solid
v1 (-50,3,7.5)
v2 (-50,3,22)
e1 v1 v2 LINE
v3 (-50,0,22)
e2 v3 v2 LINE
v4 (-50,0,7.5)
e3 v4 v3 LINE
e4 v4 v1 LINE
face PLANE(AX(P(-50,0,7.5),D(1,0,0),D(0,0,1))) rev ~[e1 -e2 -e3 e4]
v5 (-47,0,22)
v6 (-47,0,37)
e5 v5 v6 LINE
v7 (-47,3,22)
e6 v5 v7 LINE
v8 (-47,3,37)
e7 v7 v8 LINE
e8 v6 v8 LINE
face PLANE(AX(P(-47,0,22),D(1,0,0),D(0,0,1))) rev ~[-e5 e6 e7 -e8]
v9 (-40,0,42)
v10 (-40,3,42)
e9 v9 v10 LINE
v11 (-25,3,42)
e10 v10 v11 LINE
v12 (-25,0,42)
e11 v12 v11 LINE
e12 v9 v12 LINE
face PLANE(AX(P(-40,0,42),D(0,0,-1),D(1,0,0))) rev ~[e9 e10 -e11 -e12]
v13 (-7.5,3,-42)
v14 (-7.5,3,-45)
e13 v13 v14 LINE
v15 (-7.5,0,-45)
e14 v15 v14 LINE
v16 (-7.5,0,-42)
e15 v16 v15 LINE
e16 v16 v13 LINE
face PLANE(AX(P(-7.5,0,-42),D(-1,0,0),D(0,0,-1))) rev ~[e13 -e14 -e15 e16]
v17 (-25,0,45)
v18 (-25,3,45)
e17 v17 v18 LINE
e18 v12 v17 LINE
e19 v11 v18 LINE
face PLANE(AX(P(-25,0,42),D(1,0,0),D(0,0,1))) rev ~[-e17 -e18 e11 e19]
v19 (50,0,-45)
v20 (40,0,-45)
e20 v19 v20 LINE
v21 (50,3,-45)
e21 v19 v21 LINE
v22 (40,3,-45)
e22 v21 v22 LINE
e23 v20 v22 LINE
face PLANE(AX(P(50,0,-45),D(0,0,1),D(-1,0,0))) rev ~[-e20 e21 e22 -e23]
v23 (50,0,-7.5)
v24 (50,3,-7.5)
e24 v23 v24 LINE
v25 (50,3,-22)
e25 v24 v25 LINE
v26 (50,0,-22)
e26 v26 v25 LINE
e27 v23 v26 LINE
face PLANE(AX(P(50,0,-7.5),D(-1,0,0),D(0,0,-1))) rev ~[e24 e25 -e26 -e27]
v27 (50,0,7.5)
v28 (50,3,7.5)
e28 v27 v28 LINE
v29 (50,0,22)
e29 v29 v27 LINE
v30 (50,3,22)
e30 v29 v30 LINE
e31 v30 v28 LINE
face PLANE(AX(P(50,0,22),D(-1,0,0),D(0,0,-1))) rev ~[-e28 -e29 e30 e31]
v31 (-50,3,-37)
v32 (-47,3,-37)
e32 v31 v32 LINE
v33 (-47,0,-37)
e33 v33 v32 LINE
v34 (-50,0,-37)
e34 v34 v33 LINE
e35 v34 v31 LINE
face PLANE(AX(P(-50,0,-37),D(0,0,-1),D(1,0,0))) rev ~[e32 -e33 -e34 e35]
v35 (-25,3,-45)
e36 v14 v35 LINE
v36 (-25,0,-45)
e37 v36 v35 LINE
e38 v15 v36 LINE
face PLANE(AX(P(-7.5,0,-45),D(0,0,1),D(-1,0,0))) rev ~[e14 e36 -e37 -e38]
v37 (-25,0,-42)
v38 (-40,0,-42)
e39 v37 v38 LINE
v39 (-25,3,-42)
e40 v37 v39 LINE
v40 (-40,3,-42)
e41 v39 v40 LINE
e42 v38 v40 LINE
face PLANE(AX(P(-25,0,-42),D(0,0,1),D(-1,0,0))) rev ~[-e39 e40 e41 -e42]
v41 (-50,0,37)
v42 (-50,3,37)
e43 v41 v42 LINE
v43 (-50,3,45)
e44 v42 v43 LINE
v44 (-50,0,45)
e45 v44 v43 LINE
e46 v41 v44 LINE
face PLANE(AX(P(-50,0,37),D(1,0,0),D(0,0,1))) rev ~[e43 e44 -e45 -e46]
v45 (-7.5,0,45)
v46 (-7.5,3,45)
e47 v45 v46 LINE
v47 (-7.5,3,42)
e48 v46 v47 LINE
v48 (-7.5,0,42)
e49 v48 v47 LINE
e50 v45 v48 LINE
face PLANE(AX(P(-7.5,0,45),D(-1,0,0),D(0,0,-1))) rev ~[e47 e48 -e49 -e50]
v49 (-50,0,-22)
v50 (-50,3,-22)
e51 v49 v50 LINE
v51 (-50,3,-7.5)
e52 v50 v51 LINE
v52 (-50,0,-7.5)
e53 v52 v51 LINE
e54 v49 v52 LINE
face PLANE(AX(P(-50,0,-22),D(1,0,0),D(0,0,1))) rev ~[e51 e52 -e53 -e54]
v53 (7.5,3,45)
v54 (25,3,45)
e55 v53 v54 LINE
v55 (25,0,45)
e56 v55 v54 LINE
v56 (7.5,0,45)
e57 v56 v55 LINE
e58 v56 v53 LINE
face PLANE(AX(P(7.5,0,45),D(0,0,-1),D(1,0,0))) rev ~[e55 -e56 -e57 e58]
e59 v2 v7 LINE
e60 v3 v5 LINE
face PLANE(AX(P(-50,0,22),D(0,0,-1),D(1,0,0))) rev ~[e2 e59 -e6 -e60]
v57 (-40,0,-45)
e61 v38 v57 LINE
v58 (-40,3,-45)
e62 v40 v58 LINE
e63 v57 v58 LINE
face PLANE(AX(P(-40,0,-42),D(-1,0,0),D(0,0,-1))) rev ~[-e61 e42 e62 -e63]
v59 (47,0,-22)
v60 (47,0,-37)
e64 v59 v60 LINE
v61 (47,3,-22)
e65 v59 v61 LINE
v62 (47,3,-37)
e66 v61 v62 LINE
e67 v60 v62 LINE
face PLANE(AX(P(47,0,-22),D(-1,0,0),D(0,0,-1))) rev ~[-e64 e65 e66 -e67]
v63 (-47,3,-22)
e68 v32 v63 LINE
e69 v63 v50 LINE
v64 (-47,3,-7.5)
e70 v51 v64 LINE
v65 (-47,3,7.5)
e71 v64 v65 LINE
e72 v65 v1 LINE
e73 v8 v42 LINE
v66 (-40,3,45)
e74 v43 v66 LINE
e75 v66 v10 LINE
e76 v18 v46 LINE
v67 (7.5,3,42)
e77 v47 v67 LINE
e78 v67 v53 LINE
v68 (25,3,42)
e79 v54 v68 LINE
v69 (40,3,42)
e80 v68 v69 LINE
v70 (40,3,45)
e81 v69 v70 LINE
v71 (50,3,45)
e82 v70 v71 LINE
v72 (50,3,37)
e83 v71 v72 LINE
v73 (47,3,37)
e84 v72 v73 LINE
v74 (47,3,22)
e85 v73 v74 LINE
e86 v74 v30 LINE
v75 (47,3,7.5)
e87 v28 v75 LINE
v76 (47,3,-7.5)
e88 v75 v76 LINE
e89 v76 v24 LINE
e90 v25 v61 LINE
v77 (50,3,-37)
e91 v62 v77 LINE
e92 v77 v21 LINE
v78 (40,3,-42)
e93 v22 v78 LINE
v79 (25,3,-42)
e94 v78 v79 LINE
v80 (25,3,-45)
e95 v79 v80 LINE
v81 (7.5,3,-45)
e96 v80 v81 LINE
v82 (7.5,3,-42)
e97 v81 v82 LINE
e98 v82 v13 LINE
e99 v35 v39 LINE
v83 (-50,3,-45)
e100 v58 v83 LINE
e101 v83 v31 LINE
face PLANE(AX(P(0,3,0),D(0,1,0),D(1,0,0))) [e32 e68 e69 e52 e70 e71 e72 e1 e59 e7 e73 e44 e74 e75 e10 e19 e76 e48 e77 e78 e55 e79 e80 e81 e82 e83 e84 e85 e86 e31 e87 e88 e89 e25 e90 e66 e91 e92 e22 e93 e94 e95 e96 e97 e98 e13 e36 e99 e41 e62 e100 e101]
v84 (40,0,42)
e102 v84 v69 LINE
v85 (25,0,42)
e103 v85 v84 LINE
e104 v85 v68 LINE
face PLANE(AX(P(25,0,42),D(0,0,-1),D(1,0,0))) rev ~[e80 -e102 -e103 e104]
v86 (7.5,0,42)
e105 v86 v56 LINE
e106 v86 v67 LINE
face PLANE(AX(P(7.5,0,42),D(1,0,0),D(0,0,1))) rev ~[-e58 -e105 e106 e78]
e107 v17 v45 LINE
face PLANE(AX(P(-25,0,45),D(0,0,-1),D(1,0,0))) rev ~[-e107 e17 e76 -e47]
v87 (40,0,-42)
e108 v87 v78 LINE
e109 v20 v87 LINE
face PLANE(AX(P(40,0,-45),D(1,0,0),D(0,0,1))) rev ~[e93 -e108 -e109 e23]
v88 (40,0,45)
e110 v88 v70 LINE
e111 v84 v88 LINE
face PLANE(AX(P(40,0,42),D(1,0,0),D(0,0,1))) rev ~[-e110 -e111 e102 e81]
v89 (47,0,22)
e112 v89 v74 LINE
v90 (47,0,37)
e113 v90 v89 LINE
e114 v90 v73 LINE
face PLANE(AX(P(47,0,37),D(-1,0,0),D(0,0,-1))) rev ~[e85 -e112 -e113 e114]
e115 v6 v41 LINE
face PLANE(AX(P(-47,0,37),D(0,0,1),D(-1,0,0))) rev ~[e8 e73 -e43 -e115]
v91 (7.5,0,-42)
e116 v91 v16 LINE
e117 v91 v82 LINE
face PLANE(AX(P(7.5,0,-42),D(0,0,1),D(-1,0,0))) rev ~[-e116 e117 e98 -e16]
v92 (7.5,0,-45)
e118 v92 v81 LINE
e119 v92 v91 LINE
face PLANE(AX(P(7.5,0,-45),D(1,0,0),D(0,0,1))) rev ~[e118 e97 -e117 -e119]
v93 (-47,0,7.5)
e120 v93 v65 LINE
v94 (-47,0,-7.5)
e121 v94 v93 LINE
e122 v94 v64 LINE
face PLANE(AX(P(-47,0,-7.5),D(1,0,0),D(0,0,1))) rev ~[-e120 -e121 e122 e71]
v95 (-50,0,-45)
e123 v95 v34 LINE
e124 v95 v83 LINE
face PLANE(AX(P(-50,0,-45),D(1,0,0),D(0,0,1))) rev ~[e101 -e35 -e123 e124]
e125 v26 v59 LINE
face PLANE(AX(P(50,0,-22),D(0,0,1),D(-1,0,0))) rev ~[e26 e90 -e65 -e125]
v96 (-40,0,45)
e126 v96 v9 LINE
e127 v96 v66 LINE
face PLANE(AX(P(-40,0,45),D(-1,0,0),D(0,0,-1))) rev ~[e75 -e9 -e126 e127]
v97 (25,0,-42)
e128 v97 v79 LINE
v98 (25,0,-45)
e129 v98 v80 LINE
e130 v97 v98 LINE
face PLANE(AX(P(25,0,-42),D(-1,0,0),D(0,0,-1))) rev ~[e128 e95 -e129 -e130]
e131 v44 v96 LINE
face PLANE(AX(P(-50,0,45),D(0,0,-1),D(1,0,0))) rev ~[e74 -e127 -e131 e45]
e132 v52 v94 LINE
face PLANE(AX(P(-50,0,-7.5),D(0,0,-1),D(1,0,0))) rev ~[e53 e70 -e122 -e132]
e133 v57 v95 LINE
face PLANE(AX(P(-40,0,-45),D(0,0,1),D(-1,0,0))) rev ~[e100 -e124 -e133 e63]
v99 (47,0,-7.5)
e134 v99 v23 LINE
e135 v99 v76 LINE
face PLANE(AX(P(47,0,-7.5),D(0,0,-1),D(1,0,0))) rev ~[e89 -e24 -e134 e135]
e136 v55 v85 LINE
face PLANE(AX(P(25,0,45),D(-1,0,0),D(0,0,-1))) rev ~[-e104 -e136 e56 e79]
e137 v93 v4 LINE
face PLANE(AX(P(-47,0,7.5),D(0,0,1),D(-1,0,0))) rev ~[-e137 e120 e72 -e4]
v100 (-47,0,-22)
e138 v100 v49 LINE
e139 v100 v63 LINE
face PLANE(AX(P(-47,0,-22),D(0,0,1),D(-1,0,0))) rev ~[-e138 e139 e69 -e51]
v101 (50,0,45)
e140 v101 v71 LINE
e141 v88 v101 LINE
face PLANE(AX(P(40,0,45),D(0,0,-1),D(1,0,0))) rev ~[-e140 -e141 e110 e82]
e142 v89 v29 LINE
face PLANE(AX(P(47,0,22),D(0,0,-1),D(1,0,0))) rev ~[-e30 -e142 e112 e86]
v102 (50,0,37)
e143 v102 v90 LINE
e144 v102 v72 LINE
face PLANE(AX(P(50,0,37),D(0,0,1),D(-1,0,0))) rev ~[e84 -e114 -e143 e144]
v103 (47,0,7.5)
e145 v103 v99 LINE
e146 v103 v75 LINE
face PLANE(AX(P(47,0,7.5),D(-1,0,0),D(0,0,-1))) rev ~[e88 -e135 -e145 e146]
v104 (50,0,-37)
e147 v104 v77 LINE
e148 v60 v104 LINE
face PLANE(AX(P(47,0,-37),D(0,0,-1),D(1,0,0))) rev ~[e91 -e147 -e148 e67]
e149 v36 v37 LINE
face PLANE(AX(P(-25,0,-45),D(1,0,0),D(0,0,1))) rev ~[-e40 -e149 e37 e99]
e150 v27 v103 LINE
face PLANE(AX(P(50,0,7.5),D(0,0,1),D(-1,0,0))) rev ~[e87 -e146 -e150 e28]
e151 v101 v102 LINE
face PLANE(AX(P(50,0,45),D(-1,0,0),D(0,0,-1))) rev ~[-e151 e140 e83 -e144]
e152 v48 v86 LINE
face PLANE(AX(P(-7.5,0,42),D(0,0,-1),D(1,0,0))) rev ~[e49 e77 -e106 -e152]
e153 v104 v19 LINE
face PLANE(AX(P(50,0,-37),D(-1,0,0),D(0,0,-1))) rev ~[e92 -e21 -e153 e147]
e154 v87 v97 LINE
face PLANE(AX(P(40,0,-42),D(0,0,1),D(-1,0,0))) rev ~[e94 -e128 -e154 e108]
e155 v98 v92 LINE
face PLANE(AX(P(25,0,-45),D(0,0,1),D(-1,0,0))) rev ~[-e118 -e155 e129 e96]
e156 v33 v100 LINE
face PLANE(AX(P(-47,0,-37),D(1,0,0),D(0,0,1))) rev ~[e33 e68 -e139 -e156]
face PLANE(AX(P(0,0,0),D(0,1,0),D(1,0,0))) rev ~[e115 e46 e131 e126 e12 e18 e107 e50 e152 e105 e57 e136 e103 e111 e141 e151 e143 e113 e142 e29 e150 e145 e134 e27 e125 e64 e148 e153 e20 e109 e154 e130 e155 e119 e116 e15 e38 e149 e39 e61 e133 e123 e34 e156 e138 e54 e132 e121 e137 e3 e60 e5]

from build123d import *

# Parameters (mm, degrees)
EXTRUDE_1_DEPTH = 3


with BuildPart() as part:
    # 草图1 → 凸台-拉伸1 (new body)
    with BuildSketch(Plane(origin=(0, 0, 0), x_dir=(1, 0, 0), z_dir=(0, 1, 0))):
        Polygon((-50, -45), (-40, -45), (-40, -42), (-25, -42), (-25, -45), (-7.5, -45), (-7.5, -42), (7.5, -42), (7.5, -45), (25, -45), (25, -42), (40, -42), (40, -45), (50, -45), (50, -37), (47, -37), (47, -22), (50, -22), (50, -7.5), (47, -7.5), (47, 7.5), (50, 7.5), (50, 22), (47, 22), (47, 37), (50, 37), (50, 45), (40, 45), (40, 42), (25, 42), (25, 45), (7.5, 45), (7.5, 42), (-7.5, 42), (-7.5, 45), (-25, 45), (-25, 42), (-40, 42), (-40, 45), (-50, 45), (-50, 37), (-47, 37), (-47, 22), (-50, 22), (-50, 7.5), (-47, 7.5), (-47, -7.5), (-50, -7.5), (-50, -22), (-47, -22), (-47, -37), (-50, -37), align=None)
    extrude(amount=EXTRUDE_1_DEPTH)


solid = part.part
